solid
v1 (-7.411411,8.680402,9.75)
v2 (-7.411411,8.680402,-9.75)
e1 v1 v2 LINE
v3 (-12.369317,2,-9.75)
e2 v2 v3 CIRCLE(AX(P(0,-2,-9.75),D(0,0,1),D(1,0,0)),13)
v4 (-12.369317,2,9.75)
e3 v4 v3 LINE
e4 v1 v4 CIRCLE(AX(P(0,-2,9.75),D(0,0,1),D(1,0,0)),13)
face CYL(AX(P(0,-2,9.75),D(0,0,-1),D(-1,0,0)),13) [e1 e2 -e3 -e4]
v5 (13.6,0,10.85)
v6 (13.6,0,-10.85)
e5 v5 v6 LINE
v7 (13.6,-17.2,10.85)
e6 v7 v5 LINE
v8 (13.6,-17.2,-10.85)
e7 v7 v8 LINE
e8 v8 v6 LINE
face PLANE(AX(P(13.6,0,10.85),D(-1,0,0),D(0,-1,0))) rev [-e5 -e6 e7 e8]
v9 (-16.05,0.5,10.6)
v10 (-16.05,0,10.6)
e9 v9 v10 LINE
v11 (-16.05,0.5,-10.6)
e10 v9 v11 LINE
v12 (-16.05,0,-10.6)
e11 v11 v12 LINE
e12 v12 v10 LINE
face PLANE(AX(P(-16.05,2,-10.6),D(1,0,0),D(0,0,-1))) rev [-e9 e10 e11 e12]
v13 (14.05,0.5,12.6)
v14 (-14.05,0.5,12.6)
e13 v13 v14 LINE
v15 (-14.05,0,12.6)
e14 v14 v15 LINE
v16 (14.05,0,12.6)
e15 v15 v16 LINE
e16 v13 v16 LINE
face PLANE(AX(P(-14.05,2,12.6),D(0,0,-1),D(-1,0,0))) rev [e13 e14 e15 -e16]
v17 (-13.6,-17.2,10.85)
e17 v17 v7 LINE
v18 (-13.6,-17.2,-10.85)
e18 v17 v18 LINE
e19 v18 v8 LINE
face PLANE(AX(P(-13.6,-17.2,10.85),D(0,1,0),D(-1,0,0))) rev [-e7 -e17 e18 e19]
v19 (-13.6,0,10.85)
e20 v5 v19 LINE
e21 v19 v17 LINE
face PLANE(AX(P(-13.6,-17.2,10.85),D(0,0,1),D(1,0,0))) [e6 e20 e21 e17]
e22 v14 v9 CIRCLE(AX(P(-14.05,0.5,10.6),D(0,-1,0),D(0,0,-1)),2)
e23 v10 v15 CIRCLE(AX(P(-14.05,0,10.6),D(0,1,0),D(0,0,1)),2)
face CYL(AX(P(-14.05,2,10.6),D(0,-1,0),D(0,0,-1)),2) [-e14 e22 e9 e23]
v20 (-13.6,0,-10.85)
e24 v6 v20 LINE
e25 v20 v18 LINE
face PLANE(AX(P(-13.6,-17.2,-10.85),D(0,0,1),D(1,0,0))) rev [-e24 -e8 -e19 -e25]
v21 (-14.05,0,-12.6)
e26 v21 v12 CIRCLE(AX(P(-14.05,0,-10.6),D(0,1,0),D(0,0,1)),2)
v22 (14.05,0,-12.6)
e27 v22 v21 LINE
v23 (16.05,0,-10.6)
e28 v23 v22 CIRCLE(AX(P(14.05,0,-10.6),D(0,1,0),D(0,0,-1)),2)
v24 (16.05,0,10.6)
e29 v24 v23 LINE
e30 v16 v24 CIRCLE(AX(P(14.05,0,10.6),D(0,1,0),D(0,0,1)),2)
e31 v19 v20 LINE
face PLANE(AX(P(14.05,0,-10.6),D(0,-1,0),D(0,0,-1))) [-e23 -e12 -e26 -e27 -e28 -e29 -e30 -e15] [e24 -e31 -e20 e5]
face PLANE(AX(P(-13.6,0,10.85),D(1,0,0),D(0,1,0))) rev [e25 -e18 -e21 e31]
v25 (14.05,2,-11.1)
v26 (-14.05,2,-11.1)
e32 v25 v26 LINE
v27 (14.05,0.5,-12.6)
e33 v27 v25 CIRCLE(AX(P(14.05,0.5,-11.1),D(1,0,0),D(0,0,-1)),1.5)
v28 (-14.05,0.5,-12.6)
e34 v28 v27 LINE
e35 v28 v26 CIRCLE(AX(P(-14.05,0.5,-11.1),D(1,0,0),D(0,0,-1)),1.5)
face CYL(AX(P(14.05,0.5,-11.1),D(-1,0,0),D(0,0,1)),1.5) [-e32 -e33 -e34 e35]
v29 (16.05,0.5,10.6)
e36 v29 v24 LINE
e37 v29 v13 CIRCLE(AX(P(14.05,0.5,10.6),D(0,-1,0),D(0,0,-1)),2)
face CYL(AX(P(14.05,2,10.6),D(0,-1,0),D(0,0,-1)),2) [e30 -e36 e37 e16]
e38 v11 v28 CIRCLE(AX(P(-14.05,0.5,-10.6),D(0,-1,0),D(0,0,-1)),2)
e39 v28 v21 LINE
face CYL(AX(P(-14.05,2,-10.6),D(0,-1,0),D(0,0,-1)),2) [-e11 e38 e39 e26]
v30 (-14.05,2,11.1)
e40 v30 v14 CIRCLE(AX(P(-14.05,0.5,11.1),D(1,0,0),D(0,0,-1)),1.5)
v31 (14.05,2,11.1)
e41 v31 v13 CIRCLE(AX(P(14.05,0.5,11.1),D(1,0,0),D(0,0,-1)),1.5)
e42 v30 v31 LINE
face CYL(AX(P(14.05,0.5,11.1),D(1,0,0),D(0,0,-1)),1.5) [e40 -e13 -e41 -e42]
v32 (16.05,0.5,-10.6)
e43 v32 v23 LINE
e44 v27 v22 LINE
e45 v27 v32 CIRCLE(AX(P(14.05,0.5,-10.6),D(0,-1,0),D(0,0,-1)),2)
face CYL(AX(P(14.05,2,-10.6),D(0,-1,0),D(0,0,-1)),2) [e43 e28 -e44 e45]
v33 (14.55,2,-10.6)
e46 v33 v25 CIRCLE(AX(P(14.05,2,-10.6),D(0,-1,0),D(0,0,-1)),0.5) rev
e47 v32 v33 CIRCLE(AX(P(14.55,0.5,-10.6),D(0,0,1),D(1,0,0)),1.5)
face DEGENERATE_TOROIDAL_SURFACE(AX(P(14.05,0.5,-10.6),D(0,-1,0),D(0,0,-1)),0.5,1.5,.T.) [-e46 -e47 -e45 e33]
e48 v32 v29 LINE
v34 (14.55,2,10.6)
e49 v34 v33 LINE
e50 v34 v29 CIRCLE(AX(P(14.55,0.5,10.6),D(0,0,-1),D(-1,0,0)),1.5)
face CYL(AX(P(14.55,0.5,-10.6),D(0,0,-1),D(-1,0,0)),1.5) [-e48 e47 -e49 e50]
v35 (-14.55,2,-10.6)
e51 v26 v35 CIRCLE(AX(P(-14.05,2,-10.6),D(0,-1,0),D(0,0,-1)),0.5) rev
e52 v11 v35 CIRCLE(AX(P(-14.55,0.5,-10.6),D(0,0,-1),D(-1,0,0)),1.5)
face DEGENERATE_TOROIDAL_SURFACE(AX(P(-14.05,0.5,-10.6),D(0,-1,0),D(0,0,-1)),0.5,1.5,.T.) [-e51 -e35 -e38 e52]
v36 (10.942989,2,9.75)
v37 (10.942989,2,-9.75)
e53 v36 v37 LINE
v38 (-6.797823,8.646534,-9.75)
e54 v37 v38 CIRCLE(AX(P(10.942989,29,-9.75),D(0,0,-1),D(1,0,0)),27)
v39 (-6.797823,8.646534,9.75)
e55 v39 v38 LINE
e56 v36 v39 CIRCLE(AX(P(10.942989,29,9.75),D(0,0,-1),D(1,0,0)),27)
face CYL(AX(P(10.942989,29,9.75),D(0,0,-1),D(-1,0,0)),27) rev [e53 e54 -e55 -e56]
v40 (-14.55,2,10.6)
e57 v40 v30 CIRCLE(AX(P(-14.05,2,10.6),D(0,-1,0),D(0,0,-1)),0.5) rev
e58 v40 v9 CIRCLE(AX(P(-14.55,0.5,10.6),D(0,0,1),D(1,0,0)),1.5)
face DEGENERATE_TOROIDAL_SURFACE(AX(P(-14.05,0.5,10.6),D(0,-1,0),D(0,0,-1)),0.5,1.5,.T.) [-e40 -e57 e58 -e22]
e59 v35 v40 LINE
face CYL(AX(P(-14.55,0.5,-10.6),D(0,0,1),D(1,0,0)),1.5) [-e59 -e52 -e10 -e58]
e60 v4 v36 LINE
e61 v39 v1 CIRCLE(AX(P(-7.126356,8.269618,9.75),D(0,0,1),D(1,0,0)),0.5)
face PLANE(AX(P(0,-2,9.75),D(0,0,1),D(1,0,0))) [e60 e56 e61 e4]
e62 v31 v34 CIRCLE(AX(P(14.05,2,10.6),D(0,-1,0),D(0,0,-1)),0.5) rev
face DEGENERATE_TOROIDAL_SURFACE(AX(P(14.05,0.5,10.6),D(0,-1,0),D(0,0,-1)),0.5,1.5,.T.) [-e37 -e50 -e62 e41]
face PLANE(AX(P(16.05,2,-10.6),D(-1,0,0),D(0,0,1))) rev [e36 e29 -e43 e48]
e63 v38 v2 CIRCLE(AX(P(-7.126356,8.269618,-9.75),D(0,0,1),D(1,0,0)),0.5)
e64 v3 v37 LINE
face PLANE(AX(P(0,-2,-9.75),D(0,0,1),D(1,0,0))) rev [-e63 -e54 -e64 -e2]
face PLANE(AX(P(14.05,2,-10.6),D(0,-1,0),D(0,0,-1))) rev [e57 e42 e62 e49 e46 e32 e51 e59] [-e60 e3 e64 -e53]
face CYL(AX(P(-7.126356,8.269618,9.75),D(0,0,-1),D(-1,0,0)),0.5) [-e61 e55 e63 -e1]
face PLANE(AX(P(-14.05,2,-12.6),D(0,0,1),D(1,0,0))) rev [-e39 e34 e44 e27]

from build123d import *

# Parameters (mm, degrees)
BOSS_EXTRUDE1_DEPTH = 2
FILLET1_R           = 1.5
BOSS_EXTRUDE2_DEPTH = 9.75
SKETCH4_W           = 27.2
SKETCH4_H           = 17.2
BOSS_EXTRUDE3_DEPTH = 10.85


with BuildPart() as part:
    # Sketch1 → Boss-Extrude1 (new body)
    with BuildSketch(Plane(origin=(0, 0, 0), x_dir=(1, 0, 0), z_dir=(0, 1, 0))):
        with BuildLine():
            Line((-14.05, 12.6), (14.05, 12.6))
            ThreePointArc((14.05, 12.6), (15.464213562, 12.014213562), (16.05, 10.6))
            Line((16.05, 10.6), (16.05, -10.6))
            ThreePointArc((16.05, -10.6), (15.464213562, -12.014213562), (14.05, -12.6))
            Line((14.05, -12.6), (-14.05, -12.6))
            ThreePointArc((-14.05, -12.6), (-15.464213562, -12.014213562), (-16.05, -10.6))
            Line((-16.05, -10.6), (-16.05, 10.6))
            ThreePointArc((-16.05, 10.6), (-15.464213562, 12.014213562), (-14.05, 12.6))
        make_face()
    extrude(amount=BOSS_EXTRUDE1_DEPTH)

    # Fillet1
    fillet1_edges = [part.edges().sort_by_distance(p)[0] for p in [
        (-15.464213562, 2, -12.014213562),
        (-16.05, 2, 0),
        (-15.464213562, 2, 12.014213562),
        (0, 2, 12.6),
        (15.464213562, 2, 12.014213562),
        (16.05, 2, 0),
        (15.464213562, 2, -12.014213562),
        (0, 2, -12.6),
    ]]
    fillet(fillet1_edges, radius=FILLET1_R)

    # Sketch3 → Boss-Extrude2 (add, symmetric)
    with BuildSketch(Plane.XY):
        with BuildLine():
            Line((-12.369316877, 2), (10.942988923, 2))
            ThreePointArc((10.942988923, 2), (1.470491732, 3.716175191), (-6.79782289, 8.646533558))
            ThreePointArc((-6.79782289, 8.646533558), (-7.098799524, 8.768857552), (-7.4114107, 8.680402213))
            ThreePointArc((-7.4114107, 8.680402213), (-10.439168516, 5.747500287), (-12.369316877, 2))
        make_face()
    extrude(amount=BOSS_EXTRUDE2_DEPTH, both=True)

    # Sketch4 → Boss-Extrude3 (add, symmetric)
    with BuildSketch(Plane.XY):
        with Locations((0, -8.6)):
            Rectangle(SKETCH4_W, SKETCH4_H)
    extrude(amount=BOSS_EXTRUDE3_DEPTH, both=True)


solid = part.part
